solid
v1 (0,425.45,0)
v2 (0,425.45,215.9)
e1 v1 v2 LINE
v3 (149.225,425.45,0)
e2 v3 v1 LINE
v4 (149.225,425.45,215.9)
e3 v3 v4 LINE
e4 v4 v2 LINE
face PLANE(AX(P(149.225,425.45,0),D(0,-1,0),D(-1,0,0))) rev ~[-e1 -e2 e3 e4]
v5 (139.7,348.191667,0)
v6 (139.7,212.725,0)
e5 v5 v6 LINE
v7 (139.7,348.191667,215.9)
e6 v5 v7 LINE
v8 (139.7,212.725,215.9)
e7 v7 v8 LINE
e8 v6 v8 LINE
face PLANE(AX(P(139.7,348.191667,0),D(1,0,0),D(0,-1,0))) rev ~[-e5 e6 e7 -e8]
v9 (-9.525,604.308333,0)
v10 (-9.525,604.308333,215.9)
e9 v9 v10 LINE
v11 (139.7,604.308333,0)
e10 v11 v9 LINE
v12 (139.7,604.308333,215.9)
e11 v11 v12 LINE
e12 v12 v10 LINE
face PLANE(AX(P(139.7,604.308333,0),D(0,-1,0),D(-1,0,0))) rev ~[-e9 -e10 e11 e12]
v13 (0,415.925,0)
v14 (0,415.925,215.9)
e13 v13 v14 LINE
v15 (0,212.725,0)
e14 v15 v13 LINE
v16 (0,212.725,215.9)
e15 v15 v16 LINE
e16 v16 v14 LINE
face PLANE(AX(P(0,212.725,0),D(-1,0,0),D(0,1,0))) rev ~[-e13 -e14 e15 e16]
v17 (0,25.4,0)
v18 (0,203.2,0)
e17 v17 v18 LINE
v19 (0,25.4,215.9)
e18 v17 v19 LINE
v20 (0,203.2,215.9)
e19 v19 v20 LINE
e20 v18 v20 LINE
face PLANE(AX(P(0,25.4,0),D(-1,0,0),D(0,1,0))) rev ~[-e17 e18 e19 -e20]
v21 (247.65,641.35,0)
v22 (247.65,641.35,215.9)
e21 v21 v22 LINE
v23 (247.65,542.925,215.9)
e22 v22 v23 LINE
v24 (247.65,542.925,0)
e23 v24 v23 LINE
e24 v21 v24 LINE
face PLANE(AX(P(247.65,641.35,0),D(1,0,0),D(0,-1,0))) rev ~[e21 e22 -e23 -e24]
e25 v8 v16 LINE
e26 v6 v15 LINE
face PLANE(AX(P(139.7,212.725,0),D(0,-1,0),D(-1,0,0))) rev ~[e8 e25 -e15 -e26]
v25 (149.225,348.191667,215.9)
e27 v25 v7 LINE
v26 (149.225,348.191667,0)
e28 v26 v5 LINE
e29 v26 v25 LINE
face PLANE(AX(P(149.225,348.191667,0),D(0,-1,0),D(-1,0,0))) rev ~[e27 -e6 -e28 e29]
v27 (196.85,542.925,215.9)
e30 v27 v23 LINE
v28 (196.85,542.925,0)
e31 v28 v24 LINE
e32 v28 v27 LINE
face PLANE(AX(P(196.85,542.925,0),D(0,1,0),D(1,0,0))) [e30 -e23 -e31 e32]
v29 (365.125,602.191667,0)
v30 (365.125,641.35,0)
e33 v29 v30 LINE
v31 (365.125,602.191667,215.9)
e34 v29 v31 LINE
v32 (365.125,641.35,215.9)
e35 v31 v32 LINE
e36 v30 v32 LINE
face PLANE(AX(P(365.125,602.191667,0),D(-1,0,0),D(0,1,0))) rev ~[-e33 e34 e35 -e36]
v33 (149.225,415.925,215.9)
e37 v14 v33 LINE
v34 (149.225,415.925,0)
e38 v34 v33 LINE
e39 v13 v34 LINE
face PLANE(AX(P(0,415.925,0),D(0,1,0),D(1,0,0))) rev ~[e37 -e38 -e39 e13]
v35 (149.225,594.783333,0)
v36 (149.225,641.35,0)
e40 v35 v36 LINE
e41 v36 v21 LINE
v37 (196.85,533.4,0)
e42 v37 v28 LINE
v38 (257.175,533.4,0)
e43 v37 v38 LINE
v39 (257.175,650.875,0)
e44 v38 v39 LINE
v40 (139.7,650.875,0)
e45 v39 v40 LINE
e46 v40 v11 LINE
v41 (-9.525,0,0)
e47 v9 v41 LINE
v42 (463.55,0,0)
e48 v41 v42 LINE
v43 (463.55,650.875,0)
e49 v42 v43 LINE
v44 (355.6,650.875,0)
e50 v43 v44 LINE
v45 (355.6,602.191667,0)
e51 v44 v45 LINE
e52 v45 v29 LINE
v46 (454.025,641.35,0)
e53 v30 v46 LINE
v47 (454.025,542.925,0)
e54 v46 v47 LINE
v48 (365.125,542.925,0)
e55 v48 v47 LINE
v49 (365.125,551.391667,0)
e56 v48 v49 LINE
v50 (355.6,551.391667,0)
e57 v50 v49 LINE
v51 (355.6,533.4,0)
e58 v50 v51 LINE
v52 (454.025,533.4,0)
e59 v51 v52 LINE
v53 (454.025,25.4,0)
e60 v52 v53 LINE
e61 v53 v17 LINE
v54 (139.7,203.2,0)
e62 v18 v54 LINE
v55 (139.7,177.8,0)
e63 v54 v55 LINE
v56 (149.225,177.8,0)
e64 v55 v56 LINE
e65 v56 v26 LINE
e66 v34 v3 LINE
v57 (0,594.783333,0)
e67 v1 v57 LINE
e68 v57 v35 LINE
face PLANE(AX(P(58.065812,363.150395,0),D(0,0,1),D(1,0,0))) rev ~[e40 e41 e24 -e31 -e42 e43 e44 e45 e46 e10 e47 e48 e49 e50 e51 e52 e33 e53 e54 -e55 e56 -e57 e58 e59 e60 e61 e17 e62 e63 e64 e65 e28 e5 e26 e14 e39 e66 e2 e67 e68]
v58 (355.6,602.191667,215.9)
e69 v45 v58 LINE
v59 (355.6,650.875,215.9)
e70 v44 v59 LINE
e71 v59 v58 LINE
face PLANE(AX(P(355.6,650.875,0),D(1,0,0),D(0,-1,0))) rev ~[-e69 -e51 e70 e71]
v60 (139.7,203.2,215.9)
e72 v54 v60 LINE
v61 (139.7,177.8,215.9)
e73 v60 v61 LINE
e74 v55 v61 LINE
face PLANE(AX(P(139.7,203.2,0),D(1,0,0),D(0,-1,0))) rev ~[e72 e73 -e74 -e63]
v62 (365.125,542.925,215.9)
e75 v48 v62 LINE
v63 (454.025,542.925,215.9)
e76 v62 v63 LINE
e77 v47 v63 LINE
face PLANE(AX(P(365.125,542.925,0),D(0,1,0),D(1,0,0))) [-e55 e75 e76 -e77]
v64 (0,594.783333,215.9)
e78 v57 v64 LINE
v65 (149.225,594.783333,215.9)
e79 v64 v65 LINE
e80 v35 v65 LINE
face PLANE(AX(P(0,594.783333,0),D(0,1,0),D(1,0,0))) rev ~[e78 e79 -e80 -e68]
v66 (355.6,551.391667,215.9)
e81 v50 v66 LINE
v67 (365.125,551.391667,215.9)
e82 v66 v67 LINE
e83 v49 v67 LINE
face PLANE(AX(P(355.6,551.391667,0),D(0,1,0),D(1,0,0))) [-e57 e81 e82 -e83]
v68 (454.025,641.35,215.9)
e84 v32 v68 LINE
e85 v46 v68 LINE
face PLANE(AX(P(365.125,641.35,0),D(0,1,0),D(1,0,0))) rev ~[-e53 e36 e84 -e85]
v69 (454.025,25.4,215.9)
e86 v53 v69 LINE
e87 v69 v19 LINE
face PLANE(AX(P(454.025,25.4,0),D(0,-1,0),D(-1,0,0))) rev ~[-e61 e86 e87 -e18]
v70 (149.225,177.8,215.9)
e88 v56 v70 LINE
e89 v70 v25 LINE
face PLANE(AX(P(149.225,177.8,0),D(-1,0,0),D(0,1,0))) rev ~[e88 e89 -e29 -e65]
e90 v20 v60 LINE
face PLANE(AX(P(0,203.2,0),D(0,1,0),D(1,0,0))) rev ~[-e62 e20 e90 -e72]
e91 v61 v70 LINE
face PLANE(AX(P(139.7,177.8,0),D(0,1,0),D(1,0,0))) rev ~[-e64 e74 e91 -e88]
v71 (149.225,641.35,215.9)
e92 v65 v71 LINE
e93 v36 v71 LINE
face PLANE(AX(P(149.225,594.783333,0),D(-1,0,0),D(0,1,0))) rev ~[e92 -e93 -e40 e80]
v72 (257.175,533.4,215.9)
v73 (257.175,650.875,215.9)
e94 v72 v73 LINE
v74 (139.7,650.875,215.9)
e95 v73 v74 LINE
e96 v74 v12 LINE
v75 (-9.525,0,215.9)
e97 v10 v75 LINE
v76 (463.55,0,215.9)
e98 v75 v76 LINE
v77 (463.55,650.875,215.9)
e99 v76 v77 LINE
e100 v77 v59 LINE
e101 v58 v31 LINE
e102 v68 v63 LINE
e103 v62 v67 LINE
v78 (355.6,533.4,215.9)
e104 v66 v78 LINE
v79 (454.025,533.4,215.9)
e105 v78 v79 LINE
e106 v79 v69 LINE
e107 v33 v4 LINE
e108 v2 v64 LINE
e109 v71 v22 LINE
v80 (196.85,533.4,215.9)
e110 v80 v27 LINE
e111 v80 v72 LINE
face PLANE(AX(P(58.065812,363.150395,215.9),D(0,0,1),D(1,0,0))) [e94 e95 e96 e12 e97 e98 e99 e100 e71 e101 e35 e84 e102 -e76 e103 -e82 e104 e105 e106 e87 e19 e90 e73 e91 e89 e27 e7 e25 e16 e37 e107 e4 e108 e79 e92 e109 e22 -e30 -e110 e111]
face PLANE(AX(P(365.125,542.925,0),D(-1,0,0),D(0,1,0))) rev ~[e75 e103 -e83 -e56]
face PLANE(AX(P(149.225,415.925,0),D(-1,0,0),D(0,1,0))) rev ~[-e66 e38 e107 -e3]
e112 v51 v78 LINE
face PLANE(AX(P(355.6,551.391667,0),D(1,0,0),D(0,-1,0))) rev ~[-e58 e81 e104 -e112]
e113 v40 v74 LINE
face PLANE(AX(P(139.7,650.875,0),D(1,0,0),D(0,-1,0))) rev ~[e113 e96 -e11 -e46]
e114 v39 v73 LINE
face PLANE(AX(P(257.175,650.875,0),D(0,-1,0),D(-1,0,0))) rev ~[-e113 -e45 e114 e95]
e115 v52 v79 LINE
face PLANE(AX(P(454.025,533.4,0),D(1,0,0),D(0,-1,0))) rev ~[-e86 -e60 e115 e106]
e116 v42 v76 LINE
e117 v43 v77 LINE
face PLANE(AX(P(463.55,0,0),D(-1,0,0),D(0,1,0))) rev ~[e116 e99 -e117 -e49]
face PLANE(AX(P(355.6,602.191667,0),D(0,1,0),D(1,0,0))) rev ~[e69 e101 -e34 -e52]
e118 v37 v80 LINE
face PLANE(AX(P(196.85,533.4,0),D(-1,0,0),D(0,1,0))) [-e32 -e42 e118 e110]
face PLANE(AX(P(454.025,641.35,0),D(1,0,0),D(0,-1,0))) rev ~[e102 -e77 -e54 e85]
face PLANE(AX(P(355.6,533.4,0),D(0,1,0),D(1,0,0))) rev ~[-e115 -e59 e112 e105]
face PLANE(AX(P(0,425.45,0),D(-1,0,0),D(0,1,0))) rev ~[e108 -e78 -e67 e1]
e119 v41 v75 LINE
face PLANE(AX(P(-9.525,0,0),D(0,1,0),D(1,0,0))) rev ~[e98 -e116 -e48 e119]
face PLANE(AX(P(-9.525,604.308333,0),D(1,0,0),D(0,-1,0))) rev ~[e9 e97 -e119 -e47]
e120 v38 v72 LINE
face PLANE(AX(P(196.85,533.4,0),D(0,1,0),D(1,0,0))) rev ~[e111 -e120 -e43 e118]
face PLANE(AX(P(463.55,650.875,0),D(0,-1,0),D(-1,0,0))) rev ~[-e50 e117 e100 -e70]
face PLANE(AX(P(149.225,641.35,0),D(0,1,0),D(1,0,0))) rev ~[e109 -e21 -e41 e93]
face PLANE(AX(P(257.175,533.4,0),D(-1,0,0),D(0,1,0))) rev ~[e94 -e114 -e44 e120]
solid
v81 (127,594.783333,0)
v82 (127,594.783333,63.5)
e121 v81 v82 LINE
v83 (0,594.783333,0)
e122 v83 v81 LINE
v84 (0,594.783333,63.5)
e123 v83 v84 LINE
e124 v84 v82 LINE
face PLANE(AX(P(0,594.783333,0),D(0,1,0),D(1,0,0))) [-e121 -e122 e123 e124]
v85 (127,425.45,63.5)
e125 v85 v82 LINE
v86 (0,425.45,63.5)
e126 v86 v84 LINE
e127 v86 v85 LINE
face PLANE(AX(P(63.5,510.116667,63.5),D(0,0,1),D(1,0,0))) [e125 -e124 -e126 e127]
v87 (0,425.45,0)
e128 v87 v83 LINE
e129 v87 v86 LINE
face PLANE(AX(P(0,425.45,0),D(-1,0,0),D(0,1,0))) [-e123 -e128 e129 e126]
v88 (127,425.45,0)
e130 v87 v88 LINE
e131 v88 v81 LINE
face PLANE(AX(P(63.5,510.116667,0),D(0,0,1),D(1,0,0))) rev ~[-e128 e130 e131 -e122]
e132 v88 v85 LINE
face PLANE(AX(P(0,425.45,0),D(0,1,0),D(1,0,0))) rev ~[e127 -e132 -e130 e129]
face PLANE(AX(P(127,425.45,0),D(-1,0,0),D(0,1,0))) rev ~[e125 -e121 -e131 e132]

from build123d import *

# Parameters (mm, degrees)
F0_W     = 50.8
F0_H     = 9.525
F0_W_2   = 9.525
F0_H_2   = 39.1583333333
F0_W_3   = 88.9
F0_H_3   = 8.4666666667
F0_W_4   = 314.325
F0_H_4   = 25.4
F0_W_5   = 139.7
F1_DEPTH = 215.9
F3_W     = 127
F3_H     = 169.3333333333
F4_DEPTH = 63.5


with BuildPart() as f1:
    # F0 (on Top) → F1 (new body)
    with BuildSketch(Plane.XY):
        Polygon((-9.525, 0), (0, 0), (0, 25.4), (0, 203.2), (139.7, 203.2), (139.7, 177.8), (149.225, 177.8), (149.225, 348.1916666667), (139.7, 348.1916666667), (139.7, 212.725), (0, 212.725), (0, 415.925), (0, 425.45), (0, 594.7833333333), (139.7, 594.7833333333), (149.225, 594.7833333333), (149.225, 641.35), (247.65, 641.35), (247.65, 650.875), (139.7, 650.875), (139.7, 604.3083333333), (-9.525, 604.3083333333), (-9.525, 594.7833333333), align=None)
        Polygon((0, 425.45), (0, 415.925), (139.7, 415.925), (149.225, 415.925), (149.225, 425.45), (139.7, 425.45), align=None)
        Polygon((257.175, 650.875), (247.65, 650.875), (247.65, 641.35), (247.65, 542.925), (247.65, 533.4), (257.175, 533.4), align=None)
        with Locations((222.25, 538.1625)):
            Rectangle(F0_W, F0_H)
        with Locations((360.3625, 621.7708333333)):
            Rectangle(F0_W_2, F0_H_2)
        with Locations((360.3625, 646.1125)):
            Rectangle(F0_W_2, F0_H)
        with Locations((409.575, 646.1125)):
            Rectangle(F0_W_3, F0_H)
        Polygon((454.025, 25.4), (454.025, 0), (457.2, 0), (463.55, 0), (463.55, 650.875), (454.025, 650.875), (454.025, 641.35), (454.025, 542.925), (454.025, 533.4), align=None)
        with Locations((409.575, 538.1625)):
            Rectangle(F0_W_3, F0_H)
        with Locations((360.3625, 547.1583333333)):
            Rectangle(F0_W_2, F0_H_3)
        with Locations((360.3625, 538.1625)):
            Rectangle(F0_W_2, F0_H)
        with Locations((296.8625, 12.7)):
            Rectangle(F0_W_4, F0_H_4)
        with Locations((69.85, 12.7)):
            Rectangle(F0_W_5, F0_H_4)
    extrude(amount=F1_DEPTH)


with BuildPart() as f4:
    # F3 (on face) → F4 (new body)
    with BuildSketch(Plane.XY):
        with Locations((63.5, 510.1166666667)):
            Rectangle(F3_W, F3_H)
    extrude(amount=F4_DEPTH)


solid = Compound([f1.part, f4.part])
